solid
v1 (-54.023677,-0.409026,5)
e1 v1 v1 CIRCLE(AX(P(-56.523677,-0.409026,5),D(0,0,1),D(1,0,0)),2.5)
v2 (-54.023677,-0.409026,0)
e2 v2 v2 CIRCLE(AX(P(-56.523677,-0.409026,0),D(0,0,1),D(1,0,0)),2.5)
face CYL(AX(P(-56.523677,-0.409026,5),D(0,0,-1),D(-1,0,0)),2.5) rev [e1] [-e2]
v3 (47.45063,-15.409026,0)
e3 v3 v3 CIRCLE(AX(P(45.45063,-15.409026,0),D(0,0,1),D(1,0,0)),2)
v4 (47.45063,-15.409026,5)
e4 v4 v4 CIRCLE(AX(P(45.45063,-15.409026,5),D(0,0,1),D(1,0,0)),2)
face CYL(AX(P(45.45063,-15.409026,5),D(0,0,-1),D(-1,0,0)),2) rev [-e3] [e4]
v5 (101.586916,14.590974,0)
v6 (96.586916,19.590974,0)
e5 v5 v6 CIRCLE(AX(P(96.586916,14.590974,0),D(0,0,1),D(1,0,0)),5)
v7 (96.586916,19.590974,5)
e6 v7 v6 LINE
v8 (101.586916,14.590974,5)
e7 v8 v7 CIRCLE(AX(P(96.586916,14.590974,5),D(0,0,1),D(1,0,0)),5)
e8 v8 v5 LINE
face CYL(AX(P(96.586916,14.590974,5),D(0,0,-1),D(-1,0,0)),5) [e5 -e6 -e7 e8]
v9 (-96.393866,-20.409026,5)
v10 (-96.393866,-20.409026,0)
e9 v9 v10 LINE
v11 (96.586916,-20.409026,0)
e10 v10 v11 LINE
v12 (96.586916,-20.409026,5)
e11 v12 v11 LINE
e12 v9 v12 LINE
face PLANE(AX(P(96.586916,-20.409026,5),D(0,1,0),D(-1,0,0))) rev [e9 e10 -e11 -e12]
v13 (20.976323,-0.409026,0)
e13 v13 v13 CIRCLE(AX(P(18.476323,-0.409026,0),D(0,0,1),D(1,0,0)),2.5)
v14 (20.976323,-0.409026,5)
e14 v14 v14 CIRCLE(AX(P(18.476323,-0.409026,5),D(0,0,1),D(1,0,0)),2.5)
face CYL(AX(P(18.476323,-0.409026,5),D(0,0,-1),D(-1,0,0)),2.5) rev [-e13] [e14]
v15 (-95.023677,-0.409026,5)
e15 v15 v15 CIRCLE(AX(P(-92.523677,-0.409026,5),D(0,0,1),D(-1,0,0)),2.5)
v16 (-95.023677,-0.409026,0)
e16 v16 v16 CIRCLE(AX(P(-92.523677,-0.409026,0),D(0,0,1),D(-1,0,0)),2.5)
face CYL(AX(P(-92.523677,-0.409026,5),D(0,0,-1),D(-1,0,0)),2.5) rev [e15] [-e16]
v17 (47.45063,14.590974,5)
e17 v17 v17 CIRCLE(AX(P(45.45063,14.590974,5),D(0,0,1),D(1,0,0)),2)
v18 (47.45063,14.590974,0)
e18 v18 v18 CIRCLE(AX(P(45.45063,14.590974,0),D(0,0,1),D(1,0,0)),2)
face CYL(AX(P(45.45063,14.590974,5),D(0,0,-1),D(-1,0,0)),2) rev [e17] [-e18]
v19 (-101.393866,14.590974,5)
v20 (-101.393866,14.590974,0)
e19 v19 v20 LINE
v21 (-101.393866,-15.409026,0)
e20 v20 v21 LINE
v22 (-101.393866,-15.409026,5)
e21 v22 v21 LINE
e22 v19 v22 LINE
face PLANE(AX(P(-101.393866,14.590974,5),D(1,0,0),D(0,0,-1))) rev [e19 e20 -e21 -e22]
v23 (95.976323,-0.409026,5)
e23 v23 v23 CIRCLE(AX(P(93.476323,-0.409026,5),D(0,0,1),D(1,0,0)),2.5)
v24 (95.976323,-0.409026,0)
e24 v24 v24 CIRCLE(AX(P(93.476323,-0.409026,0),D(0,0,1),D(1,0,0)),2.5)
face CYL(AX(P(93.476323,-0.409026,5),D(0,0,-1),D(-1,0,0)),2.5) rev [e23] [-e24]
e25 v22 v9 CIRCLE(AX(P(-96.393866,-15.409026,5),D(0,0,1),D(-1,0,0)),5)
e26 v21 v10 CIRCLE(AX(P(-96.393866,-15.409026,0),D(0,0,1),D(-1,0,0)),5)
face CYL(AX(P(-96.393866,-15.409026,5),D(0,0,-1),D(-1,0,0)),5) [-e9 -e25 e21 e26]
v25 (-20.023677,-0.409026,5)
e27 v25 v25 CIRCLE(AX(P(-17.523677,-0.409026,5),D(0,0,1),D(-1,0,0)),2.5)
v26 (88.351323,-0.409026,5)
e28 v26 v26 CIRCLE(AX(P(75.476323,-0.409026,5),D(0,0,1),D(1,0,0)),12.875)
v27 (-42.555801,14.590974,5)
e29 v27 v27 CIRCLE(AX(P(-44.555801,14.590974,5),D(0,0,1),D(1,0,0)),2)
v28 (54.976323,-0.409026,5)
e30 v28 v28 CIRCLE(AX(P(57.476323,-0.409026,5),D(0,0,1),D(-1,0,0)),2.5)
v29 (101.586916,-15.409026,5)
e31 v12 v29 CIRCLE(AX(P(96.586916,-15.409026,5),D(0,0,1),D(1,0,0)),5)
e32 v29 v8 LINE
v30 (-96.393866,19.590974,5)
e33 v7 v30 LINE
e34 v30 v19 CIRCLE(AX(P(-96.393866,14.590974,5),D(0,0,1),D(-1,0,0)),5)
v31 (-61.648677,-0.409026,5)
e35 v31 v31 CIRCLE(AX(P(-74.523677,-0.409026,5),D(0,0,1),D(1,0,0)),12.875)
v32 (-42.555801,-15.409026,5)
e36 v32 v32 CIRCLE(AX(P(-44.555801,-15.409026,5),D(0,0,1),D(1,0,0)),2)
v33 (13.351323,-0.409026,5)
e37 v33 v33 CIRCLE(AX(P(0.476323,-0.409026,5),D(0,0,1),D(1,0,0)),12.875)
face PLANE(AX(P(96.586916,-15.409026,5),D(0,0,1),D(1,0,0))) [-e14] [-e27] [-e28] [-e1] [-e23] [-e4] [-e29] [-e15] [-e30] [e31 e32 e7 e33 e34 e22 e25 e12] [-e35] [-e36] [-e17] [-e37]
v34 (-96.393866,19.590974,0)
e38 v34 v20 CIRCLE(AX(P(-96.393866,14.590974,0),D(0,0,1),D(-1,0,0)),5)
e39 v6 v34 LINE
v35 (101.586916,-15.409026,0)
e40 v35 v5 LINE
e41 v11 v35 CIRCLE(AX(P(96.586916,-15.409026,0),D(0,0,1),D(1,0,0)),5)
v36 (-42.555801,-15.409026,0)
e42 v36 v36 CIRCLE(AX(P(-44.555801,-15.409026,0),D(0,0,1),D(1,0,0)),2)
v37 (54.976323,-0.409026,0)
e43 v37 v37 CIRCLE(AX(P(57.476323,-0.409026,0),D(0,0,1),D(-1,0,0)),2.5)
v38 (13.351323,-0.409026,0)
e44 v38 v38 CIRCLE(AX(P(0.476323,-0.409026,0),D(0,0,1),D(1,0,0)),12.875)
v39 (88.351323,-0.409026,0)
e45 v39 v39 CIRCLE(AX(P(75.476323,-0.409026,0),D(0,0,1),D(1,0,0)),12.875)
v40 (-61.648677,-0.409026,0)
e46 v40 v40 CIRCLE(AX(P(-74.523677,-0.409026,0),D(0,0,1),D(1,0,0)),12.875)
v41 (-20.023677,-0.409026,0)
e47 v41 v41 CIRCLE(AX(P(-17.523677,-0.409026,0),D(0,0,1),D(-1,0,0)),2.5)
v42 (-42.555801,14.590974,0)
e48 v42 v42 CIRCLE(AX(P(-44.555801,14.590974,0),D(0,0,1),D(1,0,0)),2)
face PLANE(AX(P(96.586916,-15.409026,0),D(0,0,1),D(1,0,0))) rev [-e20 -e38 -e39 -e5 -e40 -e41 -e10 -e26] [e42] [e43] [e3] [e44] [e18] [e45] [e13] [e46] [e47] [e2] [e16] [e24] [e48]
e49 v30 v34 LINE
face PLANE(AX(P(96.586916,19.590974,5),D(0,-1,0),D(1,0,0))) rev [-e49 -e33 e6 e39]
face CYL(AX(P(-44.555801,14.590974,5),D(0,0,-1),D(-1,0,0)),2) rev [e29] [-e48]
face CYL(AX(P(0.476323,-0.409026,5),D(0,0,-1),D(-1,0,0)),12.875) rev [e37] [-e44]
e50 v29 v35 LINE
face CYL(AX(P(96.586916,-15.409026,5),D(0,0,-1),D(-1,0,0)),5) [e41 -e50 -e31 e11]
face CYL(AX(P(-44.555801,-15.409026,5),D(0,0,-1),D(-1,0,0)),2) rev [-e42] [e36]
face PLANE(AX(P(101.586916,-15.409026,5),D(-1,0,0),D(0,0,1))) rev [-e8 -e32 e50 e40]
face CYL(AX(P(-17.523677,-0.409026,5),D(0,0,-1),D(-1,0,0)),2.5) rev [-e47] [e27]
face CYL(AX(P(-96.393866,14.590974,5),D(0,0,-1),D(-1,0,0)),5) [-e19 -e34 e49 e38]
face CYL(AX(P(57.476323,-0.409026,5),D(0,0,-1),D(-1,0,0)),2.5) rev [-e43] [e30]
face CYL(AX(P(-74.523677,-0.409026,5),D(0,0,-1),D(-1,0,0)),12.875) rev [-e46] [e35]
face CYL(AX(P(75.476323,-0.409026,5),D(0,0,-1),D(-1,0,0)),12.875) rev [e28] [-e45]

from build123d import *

# Parameters (mm, degrees)
SKETCH_1_R      = 12.875
SKETCH_1_R_2    = 2.5
SKETCH_1_R_3    = 2
EXTRUDE_1_DEPTH = 5


with BuildPart() as part:
    # 草圖1 → 填料-伸長1 (new body)
    with BuildSketch(Plane.XY):
        with BuildLine():
            Line((101.586916073, -15.409026209), (101.586916073, 14.590973791))
            ThreePointArc((101.586916073, 14.590973791), (100.122449979, 18.126507697), (96.586916073, 19.590973791))
            Line((96.586916073, 19.590973791), (-96.393866435, 19.590973791))
            ThreePointArc((-96.393866435, 19.590973791), (-99.929400341, 18.126507697), (-101.393866435, 14.590973791))
            Line((-101.393866435, 14.590973791), (-101.393866435, -15.409026209))
            ThreePointArc((-101.393866435, -15.409026209), (-99.929400341, -18.944560115), (-96.393866435, -20.409026209))
            Line((-96.393866435, -20.409026209), (96.586916073, -20.409026209))
            ThreePointArc((96.586916073, -20.409026209), (100.122449979, -18.944560115), (101.586916073, -15.409026209))
        make_face()
        with Locations((-74.523676725, -0.409026209)):
            Circle(SKETCH_1_R, mode=Mode.SUBTRACT)
        with Locations((-56.523676725, -0.409026209)):
            Circle(SKETCH_1_R_2, mode=Mode.SUBTRACT)
        with Locations((-92.523676725, -0.409026209)):
            Circle(SKETCH_1_R_2, mode=Mode.SUBTRACT)
        with Locations((-17.523676725, -0.409026209)):
            Circle(SKETCH_1_R_2, mode=Mode.SUBTRACT)
        with Locations((0.476323275, -0.409026209)):
            Circle(SKETCH_1_R, mode=Mode.SUBTRACT)
        with Locations((18.476323275, -0.409026209)):
            Circle(SKETCH_1_R_2, mode=Mode.SUBTRACT)
        with Locations((57.476323275, -0.409026209)):
            Circle(SKETCH_1_R_2, mode=Mode.SUBTRACT)
        with Locations((75.476323275, -0.409026209)):
            Circle(SKETCH_1_R, mode=Mode.SUBTRACT)
        with Locations((93.476323275, -0.409026209)):
            Circle(SKETCH_1_R_2, mode=Mode.SUBTRACT)
        with Locations((-44.555800908, 14.590973791)):
            Circle(SKETCH_1_R_3, mode=Mode.SUBTRACT)
        with Locations((-44.555800908, -15.409026209)):
            Circle(SKETCH_1_R_3, mode=Mode.SUBTRACT)
        with Locations((45.450630342, 14.590973791)):
            Circle(SKETCH_1_R_3, mode=Mode.SUBTRACT)
        with Locations((45.450630342, -15.409026209)):
            Circle(SKETCH_1_R_3, mode=Mode.SUBTRACT)
    extrude(amount=EXTRUDE_1_DEPTH)


solid = part.part
